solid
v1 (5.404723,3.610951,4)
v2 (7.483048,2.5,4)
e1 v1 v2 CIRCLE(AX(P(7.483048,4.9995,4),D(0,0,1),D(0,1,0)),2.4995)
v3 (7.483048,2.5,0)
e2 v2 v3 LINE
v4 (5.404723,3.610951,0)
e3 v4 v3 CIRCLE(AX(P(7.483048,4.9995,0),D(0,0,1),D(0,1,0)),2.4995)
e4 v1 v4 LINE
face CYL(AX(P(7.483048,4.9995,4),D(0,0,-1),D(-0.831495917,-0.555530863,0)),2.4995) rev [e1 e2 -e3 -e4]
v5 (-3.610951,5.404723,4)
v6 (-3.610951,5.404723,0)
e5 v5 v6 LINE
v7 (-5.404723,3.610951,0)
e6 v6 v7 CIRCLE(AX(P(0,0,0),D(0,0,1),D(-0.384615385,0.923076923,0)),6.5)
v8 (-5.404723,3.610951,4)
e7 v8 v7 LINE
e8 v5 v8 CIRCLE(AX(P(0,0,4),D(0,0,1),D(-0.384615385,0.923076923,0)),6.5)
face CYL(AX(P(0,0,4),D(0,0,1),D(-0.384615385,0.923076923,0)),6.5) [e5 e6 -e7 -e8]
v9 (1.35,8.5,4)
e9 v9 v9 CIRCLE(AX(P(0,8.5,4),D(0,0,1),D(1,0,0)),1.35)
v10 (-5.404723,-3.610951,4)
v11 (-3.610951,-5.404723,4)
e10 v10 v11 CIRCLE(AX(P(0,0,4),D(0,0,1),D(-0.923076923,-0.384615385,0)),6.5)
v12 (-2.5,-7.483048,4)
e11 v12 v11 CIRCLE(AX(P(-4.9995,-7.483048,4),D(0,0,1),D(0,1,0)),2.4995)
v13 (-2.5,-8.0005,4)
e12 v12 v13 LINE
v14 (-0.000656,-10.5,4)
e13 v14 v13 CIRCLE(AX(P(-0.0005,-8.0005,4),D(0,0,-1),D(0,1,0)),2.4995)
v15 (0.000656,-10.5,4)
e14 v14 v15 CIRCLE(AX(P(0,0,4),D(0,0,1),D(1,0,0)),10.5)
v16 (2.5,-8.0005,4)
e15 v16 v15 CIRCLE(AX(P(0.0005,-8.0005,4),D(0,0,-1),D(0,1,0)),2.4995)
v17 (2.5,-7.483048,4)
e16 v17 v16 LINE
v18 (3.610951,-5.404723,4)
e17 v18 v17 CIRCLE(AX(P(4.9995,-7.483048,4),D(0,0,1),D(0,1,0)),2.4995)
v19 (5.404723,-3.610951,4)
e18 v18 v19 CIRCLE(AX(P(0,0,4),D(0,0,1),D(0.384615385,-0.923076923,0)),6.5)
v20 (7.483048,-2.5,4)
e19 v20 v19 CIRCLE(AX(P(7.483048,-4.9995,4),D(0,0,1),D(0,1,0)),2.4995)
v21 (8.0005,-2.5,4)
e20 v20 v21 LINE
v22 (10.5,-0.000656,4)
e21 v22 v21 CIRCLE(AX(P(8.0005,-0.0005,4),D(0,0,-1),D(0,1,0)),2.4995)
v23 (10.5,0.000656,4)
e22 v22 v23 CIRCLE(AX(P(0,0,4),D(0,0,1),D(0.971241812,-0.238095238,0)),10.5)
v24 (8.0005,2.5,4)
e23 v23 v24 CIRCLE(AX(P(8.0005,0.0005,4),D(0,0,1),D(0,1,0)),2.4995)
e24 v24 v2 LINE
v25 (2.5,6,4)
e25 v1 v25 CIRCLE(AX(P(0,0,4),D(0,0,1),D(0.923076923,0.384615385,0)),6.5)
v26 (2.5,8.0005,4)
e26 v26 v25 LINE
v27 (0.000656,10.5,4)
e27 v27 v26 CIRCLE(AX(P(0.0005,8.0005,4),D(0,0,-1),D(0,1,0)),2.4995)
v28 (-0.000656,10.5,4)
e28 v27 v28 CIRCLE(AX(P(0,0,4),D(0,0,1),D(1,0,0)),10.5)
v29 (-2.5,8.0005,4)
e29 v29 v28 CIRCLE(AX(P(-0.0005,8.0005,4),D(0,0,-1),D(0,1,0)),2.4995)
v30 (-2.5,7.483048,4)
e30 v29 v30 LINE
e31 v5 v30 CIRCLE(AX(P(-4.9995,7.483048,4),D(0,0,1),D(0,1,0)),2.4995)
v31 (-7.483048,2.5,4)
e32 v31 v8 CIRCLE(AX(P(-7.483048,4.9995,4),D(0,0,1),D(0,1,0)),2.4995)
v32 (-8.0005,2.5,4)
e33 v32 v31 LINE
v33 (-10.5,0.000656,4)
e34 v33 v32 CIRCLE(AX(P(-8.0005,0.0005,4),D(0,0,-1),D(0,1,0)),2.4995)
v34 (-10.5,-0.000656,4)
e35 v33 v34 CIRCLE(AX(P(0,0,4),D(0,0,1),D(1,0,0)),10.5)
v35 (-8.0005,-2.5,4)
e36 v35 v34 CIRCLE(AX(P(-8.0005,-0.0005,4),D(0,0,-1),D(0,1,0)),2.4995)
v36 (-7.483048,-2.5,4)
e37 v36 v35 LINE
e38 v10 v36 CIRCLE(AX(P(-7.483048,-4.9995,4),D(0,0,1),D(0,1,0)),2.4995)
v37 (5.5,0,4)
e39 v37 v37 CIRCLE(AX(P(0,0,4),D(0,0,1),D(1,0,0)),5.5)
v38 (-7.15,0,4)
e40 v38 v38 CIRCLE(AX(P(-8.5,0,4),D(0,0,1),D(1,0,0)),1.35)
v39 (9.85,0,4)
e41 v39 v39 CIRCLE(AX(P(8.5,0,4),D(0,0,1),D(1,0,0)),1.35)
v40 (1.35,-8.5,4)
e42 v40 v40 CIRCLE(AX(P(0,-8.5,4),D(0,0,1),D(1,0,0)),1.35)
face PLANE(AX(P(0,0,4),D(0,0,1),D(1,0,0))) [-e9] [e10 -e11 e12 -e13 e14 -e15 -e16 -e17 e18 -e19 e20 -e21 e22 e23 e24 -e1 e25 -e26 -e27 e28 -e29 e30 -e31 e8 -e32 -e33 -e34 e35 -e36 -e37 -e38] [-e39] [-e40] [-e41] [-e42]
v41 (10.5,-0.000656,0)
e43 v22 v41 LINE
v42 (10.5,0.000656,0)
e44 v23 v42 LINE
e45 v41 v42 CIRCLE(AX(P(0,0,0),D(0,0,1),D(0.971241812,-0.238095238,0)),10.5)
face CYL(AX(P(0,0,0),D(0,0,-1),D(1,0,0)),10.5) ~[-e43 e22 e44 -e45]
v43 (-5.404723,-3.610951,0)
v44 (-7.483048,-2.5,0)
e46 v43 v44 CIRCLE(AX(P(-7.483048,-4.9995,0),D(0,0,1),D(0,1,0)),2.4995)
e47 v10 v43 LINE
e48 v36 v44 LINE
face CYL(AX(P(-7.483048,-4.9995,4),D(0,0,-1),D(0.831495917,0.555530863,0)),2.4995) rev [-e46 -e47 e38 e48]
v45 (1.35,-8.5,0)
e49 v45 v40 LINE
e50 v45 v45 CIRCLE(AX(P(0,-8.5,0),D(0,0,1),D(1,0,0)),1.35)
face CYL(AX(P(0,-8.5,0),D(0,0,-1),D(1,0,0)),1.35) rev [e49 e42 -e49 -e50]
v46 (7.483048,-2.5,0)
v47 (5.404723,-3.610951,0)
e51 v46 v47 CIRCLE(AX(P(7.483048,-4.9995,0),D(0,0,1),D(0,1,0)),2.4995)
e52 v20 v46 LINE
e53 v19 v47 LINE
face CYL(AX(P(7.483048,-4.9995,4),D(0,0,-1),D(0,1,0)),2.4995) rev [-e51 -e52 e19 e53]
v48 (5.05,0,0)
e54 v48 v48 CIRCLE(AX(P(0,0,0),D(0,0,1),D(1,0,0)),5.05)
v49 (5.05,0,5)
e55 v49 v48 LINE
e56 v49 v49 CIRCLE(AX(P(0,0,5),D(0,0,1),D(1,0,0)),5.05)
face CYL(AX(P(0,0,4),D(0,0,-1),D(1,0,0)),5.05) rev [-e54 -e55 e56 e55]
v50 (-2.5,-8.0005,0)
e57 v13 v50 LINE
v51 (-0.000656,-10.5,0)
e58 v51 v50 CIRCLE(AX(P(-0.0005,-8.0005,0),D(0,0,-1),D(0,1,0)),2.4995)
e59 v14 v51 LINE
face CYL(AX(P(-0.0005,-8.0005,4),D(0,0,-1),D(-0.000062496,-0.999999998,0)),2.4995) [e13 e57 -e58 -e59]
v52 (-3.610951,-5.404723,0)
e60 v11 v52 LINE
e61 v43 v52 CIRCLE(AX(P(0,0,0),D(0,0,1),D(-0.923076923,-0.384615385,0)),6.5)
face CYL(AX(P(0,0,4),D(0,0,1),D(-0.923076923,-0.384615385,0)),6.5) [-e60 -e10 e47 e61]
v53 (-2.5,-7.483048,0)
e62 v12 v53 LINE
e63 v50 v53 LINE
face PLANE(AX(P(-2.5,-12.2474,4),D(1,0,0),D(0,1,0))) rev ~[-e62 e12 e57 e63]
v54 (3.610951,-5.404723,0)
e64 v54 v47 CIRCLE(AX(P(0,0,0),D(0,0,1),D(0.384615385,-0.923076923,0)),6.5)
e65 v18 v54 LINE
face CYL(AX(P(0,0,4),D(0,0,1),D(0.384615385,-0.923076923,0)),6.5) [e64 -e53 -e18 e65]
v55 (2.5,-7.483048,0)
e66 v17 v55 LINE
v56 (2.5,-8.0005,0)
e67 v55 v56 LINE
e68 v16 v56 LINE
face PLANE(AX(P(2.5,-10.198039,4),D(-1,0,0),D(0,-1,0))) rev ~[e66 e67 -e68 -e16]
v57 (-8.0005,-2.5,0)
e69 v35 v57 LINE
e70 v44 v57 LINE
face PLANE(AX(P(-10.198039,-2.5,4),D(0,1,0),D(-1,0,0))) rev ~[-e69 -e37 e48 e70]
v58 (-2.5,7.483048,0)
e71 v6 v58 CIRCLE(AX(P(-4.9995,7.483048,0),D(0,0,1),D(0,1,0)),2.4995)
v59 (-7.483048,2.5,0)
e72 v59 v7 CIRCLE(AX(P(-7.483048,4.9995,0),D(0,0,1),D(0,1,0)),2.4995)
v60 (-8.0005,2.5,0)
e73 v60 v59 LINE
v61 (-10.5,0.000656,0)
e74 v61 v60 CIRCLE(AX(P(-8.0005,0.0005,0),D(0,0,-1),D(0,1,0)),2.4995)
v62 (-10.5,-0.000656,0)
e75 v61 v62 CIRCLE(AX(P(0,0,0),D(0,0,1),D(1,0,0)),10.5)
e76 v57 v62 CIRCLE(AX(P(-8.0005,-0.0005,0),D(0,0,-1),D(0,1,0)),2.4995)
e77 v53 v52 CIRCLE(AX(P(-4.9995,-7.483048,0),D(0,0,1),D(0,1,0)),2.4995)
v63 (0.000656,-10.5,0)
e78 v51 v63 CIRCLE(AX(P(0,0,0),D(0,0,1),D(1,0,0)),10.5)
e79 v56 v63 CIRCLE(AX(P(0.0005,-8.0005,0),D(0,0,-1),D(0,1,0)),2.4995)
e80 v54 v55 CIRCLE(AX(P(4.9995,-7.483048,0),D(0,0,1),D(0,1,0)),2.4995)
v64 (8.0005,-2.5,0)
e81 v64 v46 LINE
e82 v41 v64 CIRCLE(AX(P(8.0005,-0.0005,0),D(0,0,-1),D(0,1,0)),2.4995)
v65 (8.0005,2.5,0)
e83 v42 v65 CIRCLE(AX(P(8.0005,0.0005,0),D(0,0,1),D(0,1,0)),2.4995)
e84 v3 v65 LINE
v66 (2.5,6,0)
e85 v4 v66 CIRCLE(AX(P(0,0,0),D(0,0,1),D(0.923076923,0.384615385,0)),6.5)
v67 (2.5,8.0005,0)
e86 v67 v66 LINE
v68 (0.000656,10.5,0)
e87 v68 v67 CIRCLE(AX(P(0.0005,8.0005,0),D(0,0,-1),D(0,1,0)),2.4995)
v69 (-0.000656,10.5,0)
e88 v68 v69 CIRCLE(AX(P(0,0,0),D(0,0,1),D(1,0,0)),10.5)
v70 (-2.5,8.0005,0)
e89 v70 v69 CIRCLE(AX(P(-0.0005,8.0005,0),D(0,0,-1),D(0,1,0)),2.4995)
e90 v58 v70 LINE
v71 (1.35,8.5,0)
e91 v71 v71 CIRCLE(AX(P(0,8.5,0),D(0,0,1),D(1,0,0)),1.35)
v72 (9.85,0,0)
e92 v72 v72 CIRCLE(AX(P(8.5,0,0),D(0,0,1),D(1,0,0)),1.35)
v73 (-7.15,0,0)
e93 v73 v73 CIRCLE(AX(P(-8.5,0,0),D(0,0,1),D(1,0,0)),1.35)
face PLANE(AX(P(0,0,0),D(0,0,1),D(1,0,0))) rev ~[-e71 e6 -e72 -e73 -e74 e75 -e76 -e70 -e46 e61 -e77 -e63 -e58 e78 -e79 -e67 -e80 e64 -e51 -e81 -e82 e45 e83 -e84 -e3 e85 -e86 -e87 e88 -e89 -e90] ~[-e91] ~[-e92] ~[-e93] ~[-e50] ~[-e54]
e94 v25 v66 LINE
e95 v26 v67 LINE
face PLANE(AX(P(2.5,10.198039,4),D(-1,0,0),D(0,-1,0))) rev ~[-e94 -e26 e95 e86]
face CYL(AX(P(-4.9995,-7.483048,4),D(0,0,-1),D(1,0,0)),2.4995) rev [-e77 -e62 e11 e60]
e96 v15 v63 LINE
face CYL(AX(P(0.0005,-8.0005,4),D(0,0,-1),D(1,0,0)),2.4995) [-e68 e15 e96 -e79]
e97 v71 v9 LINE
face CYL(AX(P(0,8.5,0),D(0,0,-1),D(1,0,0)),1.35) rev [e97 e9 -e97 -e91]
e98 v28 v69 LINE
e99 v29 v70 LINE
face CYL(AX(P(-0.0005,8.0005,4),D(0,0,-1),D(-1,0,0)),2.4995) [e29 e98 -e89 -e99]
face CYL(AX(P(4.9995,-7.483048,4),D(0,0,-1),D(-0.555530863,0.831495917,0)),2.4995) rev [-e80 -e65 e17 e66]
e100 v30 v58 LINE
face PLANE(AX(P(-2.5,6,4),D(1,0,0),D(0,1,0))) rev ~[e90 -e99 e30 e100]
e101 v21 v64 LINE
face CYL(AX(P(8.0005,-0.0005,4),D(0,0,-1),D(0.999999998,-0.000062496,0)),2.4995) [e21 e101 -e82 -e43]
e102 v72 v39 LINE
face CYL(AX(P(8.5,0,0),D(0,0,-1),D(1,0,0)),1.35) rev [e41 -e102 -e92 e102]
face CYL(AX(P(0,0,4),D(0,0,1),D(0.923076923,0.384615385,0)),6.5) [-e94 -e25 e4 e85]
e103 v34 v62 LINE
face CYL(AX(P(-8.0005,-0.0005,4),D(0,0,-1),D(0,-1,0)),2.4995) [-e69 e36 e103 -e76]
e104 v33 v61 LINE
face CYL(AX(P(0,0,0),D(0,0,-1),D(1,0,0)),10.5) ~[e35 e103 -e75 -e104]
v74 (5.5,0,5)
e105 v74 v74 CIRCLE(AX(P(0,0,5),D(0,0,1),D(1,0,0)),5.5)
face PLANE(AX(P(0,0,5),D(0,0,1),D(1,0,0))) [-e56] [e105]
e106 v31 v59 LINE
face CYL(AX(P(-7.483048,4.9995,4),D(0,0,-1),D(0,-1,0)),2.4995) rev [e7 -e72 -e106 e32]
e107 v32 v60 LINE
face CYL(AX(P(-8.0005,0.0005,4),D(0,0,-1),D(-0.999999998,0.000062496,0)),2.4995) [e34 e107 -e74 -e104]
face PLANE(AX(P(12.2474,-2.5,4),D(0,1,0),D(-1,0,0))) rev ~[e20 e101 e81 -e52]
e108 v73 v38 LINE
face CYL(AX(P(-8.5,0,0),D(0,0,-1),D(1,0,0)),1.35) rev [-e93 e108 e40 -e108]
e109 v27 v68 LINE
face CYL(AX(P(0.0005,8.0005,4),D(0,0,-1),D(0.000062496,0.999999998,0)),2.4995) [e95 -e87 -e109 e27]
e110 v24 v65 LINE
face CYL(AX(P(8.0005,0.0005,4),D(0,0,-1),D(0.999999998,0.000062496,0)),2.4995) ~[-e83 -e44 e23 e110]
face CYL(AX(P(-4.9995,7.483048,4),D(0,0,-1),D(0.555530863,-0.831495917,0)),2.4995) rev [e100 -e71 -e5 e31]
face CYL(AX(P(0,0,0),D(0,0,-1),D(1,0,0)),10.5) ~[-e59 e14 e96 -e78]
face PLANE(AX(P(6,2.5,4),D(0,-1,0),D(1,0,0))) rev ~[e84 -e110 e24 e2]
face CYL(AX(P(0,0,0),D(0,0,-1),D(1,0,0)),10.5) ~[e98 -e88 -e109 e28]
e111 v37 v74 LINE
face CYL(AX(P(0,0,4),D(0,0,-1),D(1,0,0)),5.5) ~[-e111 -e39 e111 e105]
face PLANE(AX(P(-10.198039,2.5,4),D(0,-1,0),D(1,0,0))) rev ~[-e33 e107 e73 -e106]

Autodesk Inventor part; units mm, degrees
ref_plane "YZ Plane" through (0, 0, 0) normal (1, 0, 0) x (0, 1, 0)
ref_plane "XZ Plane" through (0, 0, 0) normal (0, 1, 0) x (-1, 0, 0)
ref_plane "XY Plane" through (0, 0, 0) normal (0, 0, 1) x (1, 0, 0)
sketch "スケッチ1" plane through (0, 0, 0) normal (0, 0, 1) x (1, 0, 0)
  circle A0 centre (0, 0) radius 10.5
  circle A1 centre (0, 0) radius 5.05
  circle A2 centre (0, 8.5) radius 1.35
  circle A3 centre (-6.0104, 6.0104) radius 1.04
  line L0 (0, 8.5) -> (0, 0) construction
  line L1 (0, 0) -> (-6.0104, 6.0104) construction
  circle A4 centre (0, 0) radius 8.5 construction
  circle A5 centre (-8.5, 0) radius 1.35
  circle A6 centre (-6.0104, -6.0104) radius 1.04
  circle A7 centre (0, -8.5) radius 1.35
  circle A8 centre (6.0104, -6.0104) radius 1.04
  circle A9 centre (8.5, 0) radius 1.35
  circle A10 centre (6.0104, 6.0104) radius 1.04
  dimension "d0" = 21
  dimension "d1" = 10.1
  dimension "d2" = 2.7
  dimension "d3" = 45
  dimension "d4" = 2.08
  dimension "d5" = 17
  dimension "d8" = 360
extrude "押し出し1" add sketch "スケッチ1" along normal blind 4 contours A0 | A3 | A6 | A8 | A10
sketch "スケッチ2" plane through (0, 0, 4) normal (0, 0, 1) x (1, 0, 0)
  circle A0 centre (0, 0) radius 5.05 projected
  circle A1 centre (0, 0) radius 10.5 projected
  circle A2 centre (0, 0) radius 5.5
  dimension "d12" = 11
extrude "押し出し2" add sketch "スケッチ2" along normal blind 1 contours A2
sketch "スケッチ4" plane through (0, 0, 4) normal (0, 0, 1) x (1, 0, 0)
  circle A0 centre (0, 0) radius 5.5 projected
  circle A1 centre (-8.5, 0) radius 1.35 projected
  circle A2 centre (0, 8.5) radius 1.35 projected
  circle A3 centre (0, 0) radius 10.5 projected
  line L0 (0, 8.5) -> (0, 0) construction
  line L1 (0, 0) -> (-8.5, 0) construction
  line L2 (0, 0) -> (-7.4246, 7.4246) construction
  circle A4 centre (0, 0) radius 10.5 construction
  line L3 (-12.2474, 2.5) -> (-6, 2.5)
  line L4 (-2.5, 6) -> (-2.5, 12.2474)
  arc A5 (-2.5, 12.2474) -> (-12.2474, 2.5) centre (0, 0) ccw
  arc A6 (-2.5, 6) -> (-6, 2.5) centre (0, 0) ccw
  circle A7 centre (0, 0) radius 5.5 projected
  line L5 (-2.5, -12.2474) -> (-2.5, -6)
  line L6 (-6, -2.5) -> (-12.2474, -2.5)
  arc A8 (-12.2474, -2.5) -> (-2.5, -12.2474) centre (0, 0) ccw
  arc A9 (-6, -2.5) -> (-2.5, -6) centre (0, 0) ccw
  line L7 (12.2474, -2.5) -> (6, -2.5)
  line L8 (2.5, -6) -> (2.5, -12.2474)
  arc A10 (2.5, -12.2474) -> (12.2474, -2.5) centre (0, 0) ccw
  arc A11 (2.5, -6) -> (6, -2.5) centre (0, 0) ccw
  line L9 (2.5, 12.2474) -> (2.5, 6)
  line L10 (6, 2.5) -> (12.2474, 2.5)
  arc A12 (12.2474, 2.5) -> (2.5, 12.2474) centre (0, 0) ccw
  arc A13 (6, 2.5) -> (2.5, 6) centre (0, 0) ccw
  dimension "d24" = 45
  dimension "d25" = 2.5
  dimension "d26" = 2.5
  dimension "d27" = 2
  dimension "d30" = 360
  dimension "d35" = 1
extrude "押し出し4" cut sketch "スケッチ4" against normal blind 10 contours L10 A13 L9 A3 | A3 L9 A12 L10 | L7 A10 L8 A3 | A3 L8 A11 L7 | L4 A6 L3 A3 | A3 L3 A5 L4 | L5 A8 L6 A3 | A3 L6 A9 L5
fillet "フィレット2" radius 2.5 15 edges at (2.5, -6, 2) (2.5, -10.198, 2) (-2.5, -10.198, 2) (-2.5, -6, 2) (6, -2.5, 2) (6, 2.5, 2) (10.198, -2.5, 2) (10.198, 2.5, 2) (2.5, 10.198, 2) (-2.5, 10.198, 2) (-2.5, 6, 2) (-6, 2.5, 2) (-10.198, -2.5, 2) (-10.198, 2.5, 2) (-6, -2.5, 2)
equation "\"d26\" = d25"
properties part number "リンク_ふくらはぎ_サブフレーム_1_4" material "アルミニウム 2014-T4"
